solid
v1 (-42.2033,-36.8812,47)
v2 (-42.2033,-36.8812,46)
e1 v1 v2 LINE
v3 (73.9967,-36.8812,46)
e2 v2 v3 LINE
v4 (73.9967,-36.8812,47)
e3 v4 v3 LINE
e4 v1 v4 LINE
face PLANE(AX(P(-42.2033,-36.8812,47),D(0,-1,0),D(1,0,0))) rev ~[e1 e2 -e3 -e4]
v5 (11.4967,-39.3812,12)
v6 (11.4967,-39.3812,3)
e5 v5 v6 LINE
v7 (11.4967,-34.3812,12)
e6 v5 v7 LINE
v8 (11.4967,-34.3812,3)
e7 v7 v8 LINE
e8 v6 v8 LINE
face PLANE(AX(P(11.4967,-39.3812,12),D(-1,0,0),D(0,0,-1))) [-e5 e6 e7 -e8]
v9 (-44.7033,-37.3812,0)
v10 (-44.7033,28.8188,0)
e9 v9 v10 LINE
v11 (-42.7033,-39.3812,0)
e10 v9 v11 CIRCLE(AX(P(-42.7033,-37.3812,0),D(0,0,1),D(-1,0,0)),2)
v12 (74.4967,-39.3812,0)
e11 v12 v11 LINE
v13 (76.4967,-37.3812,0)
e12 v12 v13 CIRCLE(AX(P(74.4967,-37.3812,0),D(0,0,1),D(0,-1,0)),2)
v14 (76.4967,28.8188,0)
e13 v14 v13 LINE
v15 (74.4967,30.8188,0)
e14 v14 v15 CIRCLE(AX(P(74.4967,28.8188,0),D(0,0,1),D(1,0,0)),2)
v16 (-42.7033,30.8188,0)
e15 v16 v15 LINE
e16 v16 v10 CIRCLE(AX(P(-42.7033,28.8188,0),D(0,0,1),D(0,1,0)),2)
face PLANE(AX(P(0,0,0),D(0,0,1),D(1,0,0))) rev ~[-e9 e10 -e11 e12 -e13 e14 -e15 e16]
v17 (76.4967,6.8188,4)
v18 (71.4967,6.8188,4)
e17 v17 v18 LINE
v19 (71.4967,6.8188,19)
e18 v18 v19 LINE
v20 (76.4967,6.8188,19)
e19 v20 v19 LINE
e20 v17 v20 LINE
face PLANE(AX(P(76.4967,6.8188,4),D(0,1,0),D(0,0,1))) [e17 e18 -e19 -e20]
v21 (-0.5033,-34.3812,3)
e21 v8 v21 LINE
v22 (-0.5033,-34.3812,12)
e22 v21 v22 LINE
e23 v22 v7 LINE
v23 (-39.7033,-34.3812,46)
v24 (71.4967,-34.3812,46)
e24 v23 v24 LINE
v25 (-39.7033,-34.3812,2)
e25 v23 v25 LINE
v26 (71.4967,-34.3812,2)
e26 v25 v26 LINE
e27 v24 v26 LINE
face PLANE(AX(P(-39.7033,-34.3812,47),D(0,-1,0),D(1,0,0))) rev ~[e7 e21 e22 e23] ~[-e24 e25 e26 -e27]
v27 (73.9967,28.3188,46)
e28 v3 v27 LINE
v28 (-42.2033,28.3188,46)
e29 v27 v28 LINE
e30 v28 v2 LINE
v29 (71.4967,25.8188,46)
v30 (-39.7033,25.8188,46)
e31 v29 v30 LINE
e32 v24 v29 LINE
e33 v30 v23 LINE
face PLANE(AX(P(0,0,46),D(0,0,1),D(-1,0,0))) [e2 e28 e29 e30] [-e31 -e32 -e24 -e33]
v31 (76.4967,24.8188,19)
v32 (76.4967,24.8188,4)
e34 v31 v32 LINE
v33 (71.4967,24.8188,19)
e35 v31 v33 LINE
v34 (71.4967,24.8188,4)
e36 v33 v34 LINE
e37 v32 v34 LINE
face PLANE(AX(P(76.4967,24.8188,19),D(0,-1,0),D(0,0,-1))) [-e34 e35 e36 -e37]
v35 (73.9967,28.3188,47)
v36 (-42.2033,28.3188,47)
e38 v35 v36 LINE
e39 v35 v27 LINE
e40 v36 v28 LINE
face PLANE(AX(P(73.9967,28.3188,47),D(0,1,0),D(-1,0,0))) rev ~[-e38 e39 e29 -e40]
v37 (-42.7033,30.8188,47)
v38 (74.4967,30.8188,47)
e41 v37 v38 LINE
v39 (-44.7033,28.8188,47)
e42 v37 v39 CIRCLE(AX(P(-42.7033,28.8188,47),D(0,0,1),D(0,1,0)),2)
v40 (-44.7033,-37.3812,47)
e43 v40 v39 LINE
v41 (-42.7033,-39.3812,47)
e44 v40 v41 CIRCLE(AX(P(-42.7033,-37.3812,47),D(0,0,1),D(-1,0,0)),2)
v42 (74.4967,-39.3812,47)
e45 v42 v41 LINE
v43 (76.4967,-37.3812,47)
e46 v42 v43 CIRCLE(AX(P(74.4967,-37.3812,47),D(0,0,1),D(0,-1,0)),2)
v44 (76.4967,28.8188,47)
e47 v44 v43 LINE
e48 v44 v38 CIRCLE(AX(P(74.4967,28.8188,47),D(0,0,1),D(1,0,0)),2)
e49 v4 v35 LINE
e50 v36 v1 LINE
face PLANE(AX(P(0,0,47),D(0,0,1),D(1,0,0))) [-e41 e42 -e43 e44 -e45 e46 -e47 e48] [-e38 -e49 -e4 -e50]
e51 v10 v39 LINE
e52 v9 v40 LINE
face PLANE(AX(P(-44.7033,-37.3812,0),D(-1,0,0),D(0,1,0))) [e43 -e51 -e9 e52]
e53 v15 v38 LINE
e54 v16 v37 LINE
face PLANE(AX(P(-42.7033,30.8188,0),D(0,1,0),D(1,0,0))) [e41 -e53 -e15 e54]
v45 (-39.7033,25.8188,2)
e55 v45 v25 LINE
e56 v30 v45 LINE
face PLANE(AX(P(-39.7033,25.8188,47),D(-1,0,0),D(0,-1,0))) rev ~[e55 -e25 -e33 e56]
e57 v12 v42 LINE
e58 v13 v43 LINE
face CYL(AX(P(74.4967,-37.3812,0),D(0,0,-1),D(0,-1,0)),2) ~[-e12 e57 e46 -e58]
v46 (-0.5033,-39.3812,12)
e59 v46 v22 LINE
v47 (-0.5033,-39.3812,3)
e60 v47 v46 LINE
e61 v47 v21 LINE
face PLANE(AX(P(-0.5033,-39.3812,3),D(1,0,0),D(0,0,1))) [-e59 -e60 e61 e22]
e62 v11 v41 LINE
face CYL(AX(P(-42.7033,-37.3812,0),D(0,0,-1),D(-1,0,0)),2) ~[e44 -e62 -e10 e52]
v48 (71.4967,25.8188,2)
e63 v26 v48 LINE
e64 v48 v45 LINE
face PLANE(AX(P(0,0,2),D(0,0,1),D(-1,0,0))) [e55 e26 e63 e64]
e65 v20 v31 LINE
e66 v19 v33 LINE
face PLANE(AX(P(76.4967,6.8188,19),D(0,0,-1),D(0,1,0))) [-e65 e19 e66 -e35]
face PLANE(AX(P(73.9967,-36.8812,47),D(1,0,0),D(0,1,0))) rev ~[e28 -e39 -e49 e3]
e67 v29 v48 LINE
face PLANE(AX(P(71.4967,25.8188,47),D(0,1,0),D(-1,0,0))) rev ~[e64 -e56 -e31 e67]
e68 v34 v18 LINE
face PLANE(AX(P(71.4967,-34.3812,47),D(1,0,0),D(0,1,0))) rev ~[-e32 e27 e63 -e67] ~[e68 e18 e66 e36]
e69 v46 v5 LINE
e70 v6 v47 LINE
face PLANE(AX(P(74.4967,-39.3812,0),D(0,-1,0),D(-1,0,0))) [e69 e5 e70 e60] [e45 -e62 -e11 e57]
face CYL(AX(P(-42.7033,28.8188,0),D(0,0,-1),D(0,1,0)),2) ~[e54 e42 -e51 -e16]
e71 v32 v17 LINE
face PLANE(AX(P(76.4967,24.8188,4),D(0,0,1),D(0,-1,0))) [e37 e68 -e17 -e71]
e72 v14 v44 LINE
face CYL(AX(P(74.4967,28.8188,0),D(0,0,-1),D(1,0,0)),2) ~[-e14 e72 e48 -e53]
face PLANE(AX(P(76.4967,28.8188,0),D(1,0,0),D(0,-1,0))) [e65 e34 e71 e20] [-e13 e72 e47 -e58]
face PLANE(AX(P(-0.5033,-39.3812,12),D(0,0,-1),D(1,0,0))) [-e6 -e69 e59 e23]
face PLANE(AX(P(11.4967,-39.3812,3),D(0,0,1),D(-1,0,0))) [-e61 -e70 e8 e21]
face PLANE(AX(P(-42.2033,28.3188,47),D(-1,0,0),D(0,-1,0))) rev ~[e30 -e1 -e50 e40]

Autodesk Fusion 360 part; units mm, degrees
sketch "Esquisse1" plane through (0, 0, 0) normal (0, 0, 1) x (1, 0, 0)
  line L0 (74.4967, -39.3812) -> (-42.7033, -39.3812)
  line L1 (-42.7033, 30.8188) -> (74.4967, 30.8188)
  line L2 (76.4967, 28.8188) -> (76.4967, -37.3812)
  line L3 (-44.7033, -37.3812) -> (-44.7033, 28.8188)
  arc A0 (76.4967, 28.8188) -> (74.4967, 30.8188) centre (74.4967, 28.8188) ccw
  arc A1 (-42.7033, 30.8188) -> (-44.7033, 28.8188) centre (-42.7033, 28.8188) ccw
  arc A2 (-44.7033, -37.3812) -> (-42.7033, -39.3812) centre (-42.7033, -37.3812) ccw
  arc A3 (74.4967, -39.3812) -> (76.4967, -37.3812) centre (74.4967, -37.3812) ccw
  point P0 (-37.2797, 0.2421)
  point P1 (-65.57, -27.6552)
  dimension "d25" = 121.2
  dimension "d26" = 70.2
  dimension "d31" = 2
  dimension "d32" = 2
  dimension "d33" = 2
  dimension "d34" = 2
extrude "Extrusion1" add sketch "Esquisse1" along normal blind 47
sketch "Esquisse2" plane through (0, 0, 47) normal (0, 0, 1) x (-1, 0, 0)
  arc A0 (44.7033, 37.3812) -> (42.7033, 39.3812) centre (42.7033, 37.3812) ccw
  line L0 (42.7033, 39.3812) -> (-74.4967, 39.3812)
  arc A1 (-74.4967, 39.3812) -> (-76.4967, 37.3812) centre (-74.4967, 37.3812) ccw
  line L1 (-76.4967, 37.3812) -> (-76.4967, -28.8188)
  arc A2 (-76.4967, -28.8188) -> (-74.4967, -30.8188) centre (-74.4967, -28.8188) ccw
  line L2 (-74.4967, -30.8188) -> (42.7033, -30.8188)
  arc A3 (42.7033, -30.8188) -> (44.7033, -28.8188) centre (42.7033, -28.8188) ccw
  line L3 (44.7033, -28.8188) -> (44.7033, 37.3812)
  line L4 (39.7033, -25.8188) -> (39.7033, 34.3812)
  line L5 (39.7033, 34.3812) -> (-71.4967, 34.3812)
  line L6 (-71.4967, 34.3812) -> (-71.4967, -25.8188)
  line L7 (-71.4967, -25.8188) -> (39.7033, -25.8188)
  line L8 (42.2033, -28.3188) -> (42.2033, 36.8812)
  line L9 (42.2033, 36.8812) -> (-73.9967, 36.8812)
  line L10 (-73.9967, 36.8812) -> (-73.9967, -28.3188)
  line L11 (-73.9967, -28.3188) -> (42.2033, -28.3188)
  dimension "d37" = -2.5
  dimension "d49" = -5
extrude "Extrusion2" cut sketch "Esquisse2" against normal blind 1 contours L4 L5 L6 L7 | L8 L9 L10 L11
extrude "Extrusion4" cut sketch "Esquisse2" against normal blind 45 contours L4 L5 L6 L7
sketch "Esquisse3" plane through (76.4967, 0, 0) normal (1, 0, 0) x (0, 1, 0)
  line L0 (-37.3812, 0) -> (28.8188, 0)
  line L1 (28.8188, 0) -> (28.8188, 47)
  line L2 (28.8188, 47) -> (-37.3812, 47)
  line L3 (-37.3812, 47) -> (-37.3812, 0)
  line L4 (6.8188, 19) -> (24.8188, 19)
  line L5 (24.8188, 19) -> (24.8188, 4)
  line L6 (24.8188, 4) -> (6.8188, 4)
  line L7 (6.8188, 4) -> (6.8188, 19)
  dimension "d40" = 18
  dimension "d42" = 19
  dimension "d44" = 4
  dimension "d47" = 15
extrude "Extrusion3" cut sketch "Esquisse3" against normal blind 50 contours L4 L5 L6 L7
sketch "Esquisse4" plane through (0, -39.3812, 0) normal (0, -1, 0) x (1, 0, 0)
  line L0 (-42.7033, 0) -> (74.4967, 0)
  line L1 (74.4967, 0) -> (74.4967, 47)
  line L2 (74.4967, 47) -> (-42.7033, 47)
  line L3 (-42.7033, 47) -> (-42.7033, 0)
  line L4 (-0.5033, 12) -> (11.4967, 12)
  line L5 (11.4967, 12) -> (11.4967, 3)
  line L6 (11.4967, 3) -> (-0.5033, 3)
  line L7 (-0.5033, 3) -> (-0.5033, 12)
  dimension "d52" = 12
  dimension "d53" = 9
  dimension "d54" = 75
  dimension "d55" = 3
extrude "Extrusion5" cut sketch "Esquisse4" against normal blind 25 contours L4 L5 L6 L7
